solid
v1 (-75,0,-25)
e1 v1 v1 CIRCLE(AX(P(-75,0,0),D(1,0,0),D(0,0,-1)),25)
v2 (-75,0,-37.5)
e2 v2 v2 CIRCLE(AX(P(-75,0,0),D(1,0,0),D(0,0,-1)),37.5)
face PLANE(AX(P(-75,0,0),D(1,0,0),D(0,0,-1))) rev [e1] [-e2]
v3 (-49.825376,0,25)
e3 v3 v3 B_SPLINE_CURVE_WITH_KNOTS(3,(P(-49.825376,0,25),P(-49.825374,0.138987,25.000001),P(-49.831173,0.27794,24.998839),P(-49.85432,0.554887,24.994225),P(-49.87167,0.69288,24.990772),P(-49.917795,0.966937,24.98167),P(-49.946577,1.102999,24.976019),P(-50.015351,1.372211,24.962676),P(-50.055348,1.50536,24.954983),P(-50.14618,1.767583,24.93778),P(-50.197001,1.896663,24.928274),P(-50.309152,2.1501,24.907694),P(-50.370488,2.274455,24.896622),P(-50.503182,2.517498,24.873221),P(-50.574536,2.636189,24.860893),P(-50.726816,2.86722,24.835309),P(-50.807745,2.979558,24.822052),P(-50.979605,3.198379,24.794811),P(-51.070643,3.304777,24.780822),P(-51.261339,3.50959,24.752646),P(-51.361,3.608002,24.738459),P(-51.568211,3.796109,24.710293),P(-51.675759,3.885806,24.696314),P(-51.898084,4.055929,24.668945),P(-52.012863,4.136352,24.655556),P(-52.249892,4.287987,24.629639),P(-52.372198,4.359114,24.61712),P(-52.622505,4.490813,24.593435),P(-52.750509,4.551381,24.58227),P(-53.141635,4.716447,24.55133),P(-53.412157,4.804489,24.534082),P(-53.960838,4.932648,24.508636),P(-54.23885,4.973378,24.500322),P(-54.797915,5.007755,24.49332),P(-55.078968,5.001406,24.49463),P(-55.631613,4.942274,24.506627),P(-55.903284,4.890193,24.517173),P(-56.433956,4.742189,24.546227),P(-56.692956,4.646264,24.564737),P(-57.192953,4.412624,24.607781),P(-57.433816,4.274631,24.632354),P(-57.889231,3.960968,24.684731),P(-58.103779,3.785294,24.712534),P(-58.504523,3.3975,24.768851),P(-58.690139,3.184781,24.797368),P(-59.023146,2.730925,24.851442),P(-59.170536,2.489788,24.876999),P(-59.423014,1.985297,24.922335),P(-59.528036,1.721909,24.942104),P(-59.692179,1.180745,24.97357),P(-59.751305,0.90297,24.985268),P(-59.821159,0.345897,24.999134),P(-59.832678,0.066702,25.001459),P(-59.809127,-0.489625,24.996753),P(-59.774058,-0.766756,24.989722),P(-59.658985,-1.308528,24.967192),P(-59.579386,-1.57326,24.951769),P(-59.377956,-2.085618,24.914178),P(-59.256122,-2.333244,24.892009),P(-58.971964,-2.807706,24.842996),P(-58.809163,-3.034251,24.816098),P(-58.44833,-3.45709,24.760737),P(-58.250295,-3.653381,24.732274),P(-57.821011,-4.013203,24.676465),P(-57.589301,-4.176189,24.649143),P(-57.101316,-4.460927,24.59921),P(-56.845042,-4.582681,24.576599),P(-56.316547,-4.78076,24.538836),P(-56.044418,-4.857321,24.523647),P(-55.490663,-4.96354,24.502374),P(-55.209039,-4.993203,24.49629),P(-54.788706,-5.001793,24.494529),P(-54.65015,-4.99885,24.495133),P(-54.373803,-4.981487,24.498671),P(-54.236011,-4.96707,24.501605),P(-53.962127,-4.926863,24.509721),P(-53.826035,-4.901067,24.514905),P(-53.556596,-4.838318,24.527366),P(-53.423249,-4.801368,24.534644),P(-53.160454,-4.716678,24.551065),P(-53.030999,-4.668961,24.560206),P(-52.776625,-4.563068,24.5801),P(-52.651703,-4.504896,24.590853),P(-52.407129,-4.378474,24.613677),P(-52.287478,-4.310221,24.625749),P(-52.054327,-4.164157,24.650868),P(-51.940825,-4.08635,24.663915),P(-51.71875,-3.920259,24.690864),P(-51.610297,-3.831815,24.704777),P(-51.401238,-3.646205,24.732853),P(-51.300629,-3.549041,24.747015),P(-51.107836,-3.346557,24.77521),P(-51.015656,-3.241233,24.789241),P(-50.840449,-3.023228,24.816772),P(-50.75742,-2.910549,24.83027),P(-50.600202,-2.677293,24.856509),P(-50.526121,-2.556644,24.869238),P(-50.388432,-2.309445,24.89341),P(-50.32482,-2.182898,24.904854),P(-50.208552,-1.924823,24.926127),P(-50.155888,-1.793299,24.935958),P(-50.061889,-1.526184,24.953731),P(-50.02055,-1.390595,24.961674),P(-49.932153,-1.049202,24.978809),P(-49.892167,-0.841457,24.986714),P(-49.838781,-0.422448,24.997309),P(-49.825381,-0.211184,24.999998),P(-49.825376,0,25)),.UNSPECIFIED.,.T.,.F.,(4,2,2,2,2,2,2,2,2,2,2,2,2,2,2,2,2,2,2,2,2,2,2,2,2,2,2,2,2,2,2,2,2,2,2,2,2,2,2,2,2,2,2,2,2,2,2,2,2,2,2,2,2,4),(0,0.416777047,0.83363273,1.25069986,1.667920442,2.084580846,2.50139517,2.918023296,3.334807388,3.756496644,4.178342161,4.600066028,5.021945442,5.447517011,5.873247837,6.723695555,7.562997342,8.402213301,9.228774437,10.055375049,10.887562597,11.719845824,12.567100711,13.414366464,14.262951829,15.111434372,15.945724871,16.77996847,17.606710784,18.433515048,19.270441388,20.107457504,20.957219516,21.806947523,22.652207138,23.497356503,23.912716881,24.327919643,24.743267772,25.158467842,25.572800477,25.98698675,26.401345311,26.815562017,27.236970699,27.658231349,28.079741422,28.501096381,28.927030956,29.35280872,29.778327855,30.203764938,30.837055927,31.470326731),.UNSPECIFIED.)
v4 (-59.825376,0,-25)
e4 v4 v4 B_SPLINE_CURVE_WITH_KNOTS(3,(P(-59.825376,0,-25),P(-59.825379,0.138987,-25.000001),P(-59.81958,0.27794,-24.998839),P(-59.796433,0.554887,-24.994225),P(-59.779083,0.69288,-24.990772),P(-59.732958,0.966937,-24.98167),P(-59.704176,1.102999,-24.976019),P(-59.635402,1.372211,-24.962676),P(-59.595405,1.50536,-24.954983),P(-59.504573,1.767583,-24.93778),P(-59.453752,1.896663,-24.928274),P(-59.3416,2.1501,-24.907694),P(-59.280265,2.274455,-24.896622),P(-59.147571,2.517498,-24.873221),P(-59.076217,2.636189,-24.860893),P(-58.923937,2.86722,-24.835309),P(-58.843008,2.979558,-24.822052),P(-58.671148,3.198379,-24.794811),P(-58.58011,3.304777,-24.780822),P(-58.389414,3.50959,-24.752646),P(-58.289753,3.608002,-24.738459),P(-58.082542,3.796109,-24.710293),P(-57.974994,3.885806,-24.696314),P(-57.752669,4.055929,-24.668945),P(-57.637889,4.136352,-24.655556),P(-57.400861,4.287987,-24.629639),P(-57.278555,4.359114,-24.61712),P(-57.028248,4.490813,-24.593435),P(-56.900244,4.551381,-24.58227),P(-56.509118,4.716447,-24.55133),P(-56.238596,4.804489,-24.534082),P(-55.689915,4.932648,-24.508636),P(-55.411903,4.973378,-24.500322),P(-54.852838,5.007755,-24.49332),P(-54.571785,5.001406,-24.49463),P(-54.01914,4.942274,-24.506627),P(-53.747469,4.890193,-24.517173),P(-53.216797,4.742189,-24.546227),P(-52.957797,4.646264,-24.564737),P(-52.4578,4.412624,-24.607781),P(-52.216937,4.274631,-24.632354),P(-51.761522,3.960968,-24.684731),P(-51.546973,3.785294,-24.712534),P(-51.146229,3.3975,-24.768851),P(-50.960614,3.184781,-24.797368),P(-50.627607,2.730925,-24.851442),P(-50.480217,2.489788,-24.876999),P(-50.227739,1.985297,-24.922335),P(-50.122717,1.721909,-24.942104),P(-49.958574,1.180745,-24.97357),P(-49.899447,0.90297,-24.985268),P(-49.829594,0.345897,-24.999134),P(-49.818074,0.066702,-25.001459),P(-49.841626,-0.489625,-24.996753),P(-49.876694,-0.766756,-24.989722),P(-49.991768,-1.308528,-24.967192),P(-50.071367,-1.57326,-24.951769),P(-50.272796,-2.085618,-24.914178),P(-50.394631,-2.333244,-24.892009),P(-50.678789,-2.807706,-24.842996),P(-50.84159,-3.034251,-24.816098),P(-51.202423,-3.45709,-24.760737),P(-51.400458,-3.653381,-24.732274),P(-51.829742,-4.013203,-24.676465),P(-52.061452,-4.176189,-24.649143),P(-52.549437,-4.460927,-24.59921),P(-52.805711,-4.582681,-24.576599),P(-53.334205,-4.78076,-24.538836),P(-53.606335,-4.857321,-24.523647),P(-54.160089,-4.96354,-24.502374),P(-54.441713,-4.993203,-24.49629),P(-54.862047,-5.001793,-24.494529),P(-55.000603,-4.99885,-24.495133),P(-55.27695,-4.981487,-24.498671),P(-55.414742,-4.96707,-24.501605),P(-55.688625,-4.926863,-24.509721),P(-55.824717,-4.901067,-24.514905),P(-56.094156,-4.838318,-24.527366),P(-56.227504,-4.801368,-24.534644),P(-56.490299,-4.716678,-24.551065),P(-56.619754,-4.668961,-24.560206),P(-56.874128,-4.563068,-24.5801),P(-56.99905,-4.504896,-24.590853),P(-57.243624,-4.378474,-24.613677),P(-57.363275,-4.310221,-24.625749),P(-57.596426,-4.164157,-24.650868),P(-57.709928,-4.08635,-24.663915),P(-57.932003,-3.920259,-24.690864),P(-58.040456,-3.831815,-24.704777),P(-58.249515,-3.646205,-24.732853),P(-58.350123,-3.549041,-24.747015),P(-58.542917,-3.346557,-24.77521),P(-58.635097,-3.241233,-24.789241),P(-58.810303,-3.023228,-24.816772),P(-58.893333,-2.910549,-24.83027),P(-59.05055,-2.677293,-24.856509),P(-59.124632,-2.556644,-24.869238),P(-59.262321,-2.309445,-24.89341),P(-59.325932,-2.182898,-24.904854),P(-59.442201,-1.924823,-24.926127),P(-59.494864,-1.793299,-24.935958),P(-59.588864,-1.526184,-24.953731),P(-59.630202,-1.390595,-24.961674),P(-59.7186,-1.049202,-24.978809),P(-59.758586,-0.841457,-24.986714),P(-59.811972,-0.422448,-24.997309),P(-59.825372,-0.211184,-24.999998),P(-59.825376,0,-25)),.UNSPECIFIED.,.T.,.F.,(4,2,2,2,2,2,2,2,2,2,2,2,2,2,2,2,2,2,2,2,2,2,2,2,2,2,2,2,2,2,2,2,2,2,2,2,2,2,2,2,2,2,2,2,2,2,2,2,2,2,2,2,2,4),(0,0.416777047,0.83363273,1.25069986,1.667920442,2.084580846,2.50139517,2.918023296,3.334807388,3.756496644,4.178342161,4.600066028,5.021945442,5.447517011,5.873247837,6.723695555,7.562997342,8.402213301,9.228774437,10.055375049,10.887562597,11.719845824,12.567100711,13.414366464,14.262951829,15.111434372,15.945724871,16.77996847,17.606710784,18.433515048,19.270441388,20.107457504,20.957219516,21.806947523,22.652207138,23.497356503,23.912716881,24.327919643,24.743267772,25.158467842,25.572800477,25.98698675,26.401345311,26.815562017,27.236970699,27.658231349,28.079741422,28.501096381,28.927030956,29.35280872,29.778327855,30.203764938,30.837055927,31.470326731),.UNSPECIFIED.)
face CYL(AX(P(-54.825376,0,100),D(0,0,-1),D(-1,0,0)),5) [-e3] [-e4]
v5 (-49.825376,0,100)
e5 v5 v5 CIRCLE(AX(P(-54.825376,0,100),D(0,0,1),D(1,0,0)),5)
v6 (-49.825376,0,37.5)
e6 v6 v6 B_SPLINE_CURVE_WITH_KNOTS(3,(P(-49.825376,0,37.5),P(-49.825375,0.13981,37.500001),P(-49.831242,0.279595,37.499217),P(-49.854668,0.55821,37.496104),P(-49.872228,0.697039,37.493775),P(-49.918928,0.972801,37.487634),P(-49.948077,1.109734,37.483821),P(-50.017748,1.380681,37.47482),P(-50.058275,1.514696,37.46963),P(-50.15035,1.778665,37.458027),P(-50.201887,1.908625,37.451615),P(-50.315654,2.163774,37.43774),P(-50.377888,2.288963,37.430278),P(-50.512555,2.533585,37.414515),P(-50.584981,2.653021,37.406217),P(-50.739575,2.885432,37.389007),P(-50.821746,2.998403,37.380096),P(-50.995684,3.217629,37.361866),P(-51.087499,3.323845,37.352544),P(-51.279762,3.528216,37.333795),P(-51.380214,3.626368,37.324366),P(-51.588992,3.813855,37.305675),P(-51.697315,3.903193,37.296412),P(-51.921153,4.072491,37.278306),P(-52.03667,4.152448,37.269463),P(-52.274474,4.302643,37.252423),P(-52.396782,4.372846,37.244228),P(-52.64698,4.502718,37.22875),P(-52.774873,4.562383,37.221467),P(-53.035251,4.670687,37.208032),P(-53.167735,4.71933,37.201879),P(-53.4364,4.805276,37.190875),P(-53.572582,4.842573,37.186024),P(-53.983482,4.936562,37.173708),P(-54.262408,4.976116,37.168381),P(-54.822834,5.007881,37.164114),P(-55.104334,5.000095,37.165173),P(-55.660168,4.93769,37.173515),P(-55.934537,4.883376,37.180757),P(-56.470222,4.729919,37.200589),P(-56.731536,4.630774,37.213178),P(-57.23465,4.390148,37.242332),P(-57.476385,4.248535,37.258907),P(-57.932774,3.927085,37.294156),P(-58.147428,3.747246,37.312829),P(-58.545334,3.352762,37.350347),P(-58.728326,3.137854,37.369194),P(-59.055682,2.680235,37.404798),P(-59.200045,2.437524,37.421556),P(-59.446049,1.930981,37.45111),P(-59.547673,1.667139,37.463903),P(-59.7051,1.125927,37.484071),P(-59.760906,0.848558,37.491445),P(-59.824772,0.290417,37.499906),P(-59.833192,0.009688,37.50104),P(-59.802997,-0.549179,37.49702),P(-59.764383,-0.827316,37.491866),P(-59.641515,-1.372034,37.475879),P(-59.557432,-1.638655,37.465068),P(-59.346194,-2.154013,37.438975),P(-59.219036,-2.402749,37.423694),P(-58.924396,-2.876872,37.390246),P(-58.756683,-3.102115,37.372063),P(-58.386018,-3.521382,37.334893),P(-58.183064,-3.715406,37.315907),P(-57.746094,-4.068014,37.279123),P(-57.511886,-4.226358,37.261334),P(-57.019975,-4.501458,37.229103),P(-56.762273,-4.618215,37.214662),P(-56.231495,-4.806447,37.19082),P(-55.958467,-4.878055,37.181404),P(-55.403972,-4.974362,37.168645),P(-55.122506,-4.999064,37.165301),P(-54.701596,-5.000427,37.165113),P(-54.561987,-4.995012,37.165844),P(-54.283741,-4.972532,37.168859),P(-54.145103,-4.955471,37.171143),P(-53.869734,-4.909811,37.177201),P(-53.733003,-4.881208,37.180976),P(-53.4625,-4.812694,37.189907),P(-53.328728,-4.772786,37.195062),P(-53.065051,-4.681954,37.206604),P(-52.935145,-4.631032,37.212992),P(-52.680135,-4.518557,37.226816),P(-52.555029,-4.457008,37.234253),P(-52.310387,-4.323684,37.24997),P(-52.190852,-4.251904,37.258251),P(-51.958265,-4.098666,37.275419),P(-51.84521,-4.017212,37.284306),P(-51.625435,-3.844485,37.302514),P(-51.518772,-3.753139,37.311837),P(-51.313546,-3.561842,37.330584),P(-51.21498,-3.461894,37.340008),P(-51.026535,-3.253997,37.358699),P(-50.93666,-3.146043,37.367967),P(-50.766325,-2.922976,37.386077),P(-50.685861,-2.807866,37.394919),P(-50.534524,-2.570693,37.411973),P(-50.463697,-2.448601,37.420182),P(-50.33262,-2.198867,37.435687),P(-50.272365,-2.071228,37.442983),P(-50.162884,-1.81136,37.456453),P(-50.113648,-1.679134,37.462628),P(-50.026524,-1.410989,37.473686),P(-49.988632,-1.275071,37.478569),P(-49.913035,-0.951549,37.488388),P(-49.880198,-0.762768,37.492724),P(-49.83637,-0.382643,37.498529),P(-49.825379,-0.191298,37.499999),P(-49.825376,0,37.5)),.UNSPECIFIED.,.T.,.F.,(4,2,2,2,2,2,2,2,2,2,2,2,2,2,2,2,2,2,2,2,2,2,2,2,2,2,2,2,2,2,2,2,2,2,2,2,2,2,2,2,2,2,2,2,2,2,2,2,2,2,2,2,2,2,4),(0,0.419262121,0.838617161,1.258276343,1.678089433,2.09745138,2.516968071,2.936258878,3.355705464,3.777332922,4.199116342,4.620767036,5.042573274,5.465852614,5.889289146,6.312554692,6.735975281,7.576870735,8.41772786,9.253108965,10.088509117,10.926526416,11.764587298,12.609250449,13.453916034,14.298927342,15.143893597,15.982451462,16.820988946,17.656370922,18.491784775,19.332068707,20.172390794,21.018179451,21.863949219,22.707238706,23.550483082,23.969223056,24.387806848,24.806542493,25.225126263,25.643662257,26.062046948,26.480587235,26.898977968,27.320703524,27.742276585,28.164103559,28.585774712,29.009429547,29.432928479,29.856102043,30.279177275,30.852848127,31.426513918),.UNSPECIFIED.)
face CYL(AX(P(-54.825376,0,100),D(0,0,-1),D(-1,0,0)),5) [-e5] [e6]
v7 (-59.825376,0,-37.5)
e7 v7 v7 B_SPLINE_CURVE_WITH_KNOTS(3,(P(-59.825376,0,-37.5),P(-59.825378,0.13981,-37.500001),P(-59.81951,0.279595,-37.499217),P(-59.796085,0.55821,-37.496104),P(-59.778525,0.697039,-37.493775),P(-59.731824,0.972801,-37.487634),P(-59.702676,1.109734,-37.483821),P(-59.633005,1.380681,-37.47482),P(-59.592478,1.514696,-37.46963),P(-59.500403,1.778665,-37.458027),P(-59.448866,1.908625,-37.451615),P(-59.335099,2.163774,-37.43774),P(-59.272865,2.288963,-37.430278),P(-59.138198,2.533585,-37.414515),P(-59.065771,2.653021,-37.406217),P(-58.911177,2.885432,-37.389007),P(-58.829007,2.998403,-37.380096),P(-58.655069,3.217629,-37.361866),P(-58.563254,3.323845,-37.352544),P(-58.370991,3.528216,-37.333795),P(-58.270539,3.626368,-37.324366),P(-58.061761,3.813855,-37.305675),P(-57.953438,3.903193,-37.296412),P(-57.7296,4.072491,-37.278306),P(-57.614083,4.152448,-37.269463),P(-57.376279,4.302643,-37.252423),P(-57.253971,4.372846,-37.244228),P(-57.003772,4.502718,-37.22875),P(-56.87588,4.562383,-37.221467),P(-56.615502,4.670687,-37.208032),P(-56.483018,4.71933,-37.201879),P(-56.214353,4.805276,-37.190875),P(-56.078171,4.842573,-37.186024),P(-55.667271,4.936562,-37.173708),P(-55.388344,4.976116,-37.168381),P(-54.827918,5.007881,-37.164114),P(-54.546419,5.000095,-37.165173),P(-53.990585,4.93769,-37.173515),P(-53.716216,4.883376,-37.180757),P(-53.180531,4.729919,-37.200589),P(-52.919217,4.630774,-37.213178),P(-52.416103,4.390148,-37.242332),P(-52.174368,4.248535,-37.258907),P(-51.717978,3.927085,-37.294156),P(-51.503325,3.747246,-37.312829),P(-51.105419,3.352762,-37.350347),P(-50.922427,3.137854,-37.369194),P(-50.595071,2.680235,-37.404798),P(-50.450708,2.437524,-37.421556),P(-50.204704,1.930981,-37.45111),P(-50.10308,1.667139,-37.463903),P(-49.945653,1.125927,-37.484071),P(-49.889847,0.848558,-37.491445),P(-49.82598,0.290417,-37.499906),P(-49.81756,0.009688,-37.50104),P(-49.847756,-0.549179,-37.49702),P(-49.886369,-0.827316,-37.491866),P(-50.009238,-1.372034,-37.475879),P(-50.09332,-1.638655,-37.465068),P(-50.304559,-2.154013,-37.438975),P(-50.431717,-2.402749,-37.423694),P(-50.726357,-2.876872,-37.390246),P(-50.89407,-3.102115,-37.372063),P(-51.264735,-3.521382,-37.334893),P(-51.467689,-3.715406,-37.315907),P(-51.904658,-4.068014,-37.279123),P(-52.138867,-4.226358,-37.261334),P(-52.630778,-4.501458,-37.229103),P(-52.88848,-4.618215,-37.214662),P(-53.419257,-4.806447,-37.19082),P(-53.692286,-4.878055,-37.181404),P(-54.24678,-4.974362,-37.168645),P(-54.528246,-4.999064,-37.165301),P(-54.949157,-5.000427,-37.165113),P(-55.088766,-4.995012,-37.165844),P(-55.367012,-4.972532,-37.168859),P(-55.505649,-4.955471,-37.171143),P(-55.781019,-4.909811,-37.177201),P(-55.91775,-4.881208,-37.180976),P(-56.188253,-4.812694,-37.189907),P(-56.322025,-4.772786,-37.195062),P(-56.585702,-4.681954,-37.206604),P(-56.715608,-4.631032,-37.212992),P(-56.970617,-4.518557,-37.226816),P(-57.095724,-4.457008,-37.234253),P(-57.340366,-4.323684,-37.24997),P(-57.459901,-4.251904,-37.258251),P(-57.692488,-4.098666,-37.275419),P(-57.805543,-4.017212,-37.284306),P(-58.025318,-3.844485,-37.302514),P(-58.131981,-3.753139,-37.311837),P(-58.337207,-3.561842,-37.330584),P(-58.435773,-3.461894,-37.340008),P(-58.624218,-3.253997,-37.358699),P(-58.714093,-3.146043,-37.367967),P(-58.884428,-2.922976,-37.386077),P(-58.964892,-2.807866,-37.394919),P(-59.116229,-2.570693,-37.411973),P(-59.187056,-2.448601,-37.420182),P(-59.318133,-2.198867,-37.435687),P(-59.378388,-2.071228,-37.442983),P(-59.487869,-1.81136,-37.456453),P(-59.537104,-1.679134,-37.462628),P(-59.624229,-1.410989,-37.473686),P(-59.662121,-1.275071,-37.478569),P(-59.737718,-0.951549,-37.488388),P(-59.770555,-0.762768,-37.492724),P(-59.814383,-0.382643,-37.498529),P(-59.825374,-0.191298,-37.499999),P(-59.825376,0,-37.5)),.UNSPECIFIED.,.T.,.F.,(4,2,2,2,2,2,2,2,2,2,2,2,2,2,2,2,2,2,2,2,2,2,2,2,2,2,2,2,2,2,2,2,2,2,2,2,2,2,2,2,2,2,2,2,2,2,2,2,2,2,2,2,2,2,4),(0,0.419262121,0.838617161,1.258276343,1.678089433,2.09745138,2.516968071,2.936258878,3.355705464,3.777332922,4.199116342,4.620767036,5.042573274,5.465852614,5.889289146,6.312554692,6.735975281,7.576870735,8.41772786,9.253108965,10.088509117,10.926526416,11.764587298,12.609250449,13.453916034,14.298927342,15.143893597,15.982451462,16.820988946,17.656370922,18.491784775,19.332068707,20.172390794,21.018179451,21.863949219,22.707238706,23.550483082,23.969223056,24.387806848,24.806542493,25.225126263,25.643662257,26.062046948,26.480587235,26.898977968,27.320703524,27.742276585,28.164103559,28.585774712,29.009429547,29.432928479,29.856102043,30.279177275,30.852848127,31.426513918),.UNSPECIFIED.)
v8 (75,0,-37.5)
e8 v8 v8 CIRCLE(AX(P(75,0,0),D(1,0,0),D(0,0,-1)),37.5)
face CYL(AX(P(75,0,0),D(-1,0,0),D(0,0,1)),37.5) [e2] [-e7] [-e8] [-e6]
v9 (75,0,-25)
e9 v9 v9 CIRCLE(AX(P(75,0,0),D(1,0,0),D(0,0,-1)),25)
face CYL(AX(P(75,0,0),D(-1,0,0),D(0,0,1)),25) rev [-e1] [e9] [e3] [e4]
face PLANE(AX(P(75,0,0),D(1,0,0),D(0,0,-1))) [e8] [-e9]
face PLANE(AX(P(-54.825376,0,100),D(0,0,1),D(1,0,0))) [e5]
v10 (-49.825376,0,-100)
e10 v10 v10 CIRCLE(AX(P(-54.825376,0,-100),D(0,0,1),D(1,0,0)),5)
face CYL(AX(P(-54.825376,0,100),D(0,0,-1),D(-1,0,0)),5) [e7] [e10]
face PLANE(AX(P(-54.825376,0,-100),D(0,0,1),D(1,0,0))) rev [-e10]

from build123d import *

# Parameters (mm, degrees)
SKETCH1_R           = 37.5
SKETCH1_R_2         = 25
BOSS_EXTRUDE1_DEPTH = 75
SKETCH2_R           = 5
BOSS_EXTRUDE2_DEPTH = 100


with BuildPart() as part:
    # Sketch1 → Boss-Extrude1 (new body, symmetric)
    with BuildSketch(Plane(origin=(0, 0, 0), x_dir=(0, 0, -1), z_dir=(1, 0, 0))):
        Circle(SKETCH1_R)
        Circle(SKETCH1_R_2, mode=Mode.SUBTRACT)
    extrude(amount=BOSS_EXTRUDE1_DEPTH, both=True)

    # Sketch2 → Boss-Extrude2 (add, symmetric)
    with BuildSketch(Plane.XY):
        with Locations((-54.825376389, 0)):
            Circle(SKETCH2_R)
    extrude(amount=BOSS_EXTRUDE2_DEPTH, both=True)


solid = part.part
